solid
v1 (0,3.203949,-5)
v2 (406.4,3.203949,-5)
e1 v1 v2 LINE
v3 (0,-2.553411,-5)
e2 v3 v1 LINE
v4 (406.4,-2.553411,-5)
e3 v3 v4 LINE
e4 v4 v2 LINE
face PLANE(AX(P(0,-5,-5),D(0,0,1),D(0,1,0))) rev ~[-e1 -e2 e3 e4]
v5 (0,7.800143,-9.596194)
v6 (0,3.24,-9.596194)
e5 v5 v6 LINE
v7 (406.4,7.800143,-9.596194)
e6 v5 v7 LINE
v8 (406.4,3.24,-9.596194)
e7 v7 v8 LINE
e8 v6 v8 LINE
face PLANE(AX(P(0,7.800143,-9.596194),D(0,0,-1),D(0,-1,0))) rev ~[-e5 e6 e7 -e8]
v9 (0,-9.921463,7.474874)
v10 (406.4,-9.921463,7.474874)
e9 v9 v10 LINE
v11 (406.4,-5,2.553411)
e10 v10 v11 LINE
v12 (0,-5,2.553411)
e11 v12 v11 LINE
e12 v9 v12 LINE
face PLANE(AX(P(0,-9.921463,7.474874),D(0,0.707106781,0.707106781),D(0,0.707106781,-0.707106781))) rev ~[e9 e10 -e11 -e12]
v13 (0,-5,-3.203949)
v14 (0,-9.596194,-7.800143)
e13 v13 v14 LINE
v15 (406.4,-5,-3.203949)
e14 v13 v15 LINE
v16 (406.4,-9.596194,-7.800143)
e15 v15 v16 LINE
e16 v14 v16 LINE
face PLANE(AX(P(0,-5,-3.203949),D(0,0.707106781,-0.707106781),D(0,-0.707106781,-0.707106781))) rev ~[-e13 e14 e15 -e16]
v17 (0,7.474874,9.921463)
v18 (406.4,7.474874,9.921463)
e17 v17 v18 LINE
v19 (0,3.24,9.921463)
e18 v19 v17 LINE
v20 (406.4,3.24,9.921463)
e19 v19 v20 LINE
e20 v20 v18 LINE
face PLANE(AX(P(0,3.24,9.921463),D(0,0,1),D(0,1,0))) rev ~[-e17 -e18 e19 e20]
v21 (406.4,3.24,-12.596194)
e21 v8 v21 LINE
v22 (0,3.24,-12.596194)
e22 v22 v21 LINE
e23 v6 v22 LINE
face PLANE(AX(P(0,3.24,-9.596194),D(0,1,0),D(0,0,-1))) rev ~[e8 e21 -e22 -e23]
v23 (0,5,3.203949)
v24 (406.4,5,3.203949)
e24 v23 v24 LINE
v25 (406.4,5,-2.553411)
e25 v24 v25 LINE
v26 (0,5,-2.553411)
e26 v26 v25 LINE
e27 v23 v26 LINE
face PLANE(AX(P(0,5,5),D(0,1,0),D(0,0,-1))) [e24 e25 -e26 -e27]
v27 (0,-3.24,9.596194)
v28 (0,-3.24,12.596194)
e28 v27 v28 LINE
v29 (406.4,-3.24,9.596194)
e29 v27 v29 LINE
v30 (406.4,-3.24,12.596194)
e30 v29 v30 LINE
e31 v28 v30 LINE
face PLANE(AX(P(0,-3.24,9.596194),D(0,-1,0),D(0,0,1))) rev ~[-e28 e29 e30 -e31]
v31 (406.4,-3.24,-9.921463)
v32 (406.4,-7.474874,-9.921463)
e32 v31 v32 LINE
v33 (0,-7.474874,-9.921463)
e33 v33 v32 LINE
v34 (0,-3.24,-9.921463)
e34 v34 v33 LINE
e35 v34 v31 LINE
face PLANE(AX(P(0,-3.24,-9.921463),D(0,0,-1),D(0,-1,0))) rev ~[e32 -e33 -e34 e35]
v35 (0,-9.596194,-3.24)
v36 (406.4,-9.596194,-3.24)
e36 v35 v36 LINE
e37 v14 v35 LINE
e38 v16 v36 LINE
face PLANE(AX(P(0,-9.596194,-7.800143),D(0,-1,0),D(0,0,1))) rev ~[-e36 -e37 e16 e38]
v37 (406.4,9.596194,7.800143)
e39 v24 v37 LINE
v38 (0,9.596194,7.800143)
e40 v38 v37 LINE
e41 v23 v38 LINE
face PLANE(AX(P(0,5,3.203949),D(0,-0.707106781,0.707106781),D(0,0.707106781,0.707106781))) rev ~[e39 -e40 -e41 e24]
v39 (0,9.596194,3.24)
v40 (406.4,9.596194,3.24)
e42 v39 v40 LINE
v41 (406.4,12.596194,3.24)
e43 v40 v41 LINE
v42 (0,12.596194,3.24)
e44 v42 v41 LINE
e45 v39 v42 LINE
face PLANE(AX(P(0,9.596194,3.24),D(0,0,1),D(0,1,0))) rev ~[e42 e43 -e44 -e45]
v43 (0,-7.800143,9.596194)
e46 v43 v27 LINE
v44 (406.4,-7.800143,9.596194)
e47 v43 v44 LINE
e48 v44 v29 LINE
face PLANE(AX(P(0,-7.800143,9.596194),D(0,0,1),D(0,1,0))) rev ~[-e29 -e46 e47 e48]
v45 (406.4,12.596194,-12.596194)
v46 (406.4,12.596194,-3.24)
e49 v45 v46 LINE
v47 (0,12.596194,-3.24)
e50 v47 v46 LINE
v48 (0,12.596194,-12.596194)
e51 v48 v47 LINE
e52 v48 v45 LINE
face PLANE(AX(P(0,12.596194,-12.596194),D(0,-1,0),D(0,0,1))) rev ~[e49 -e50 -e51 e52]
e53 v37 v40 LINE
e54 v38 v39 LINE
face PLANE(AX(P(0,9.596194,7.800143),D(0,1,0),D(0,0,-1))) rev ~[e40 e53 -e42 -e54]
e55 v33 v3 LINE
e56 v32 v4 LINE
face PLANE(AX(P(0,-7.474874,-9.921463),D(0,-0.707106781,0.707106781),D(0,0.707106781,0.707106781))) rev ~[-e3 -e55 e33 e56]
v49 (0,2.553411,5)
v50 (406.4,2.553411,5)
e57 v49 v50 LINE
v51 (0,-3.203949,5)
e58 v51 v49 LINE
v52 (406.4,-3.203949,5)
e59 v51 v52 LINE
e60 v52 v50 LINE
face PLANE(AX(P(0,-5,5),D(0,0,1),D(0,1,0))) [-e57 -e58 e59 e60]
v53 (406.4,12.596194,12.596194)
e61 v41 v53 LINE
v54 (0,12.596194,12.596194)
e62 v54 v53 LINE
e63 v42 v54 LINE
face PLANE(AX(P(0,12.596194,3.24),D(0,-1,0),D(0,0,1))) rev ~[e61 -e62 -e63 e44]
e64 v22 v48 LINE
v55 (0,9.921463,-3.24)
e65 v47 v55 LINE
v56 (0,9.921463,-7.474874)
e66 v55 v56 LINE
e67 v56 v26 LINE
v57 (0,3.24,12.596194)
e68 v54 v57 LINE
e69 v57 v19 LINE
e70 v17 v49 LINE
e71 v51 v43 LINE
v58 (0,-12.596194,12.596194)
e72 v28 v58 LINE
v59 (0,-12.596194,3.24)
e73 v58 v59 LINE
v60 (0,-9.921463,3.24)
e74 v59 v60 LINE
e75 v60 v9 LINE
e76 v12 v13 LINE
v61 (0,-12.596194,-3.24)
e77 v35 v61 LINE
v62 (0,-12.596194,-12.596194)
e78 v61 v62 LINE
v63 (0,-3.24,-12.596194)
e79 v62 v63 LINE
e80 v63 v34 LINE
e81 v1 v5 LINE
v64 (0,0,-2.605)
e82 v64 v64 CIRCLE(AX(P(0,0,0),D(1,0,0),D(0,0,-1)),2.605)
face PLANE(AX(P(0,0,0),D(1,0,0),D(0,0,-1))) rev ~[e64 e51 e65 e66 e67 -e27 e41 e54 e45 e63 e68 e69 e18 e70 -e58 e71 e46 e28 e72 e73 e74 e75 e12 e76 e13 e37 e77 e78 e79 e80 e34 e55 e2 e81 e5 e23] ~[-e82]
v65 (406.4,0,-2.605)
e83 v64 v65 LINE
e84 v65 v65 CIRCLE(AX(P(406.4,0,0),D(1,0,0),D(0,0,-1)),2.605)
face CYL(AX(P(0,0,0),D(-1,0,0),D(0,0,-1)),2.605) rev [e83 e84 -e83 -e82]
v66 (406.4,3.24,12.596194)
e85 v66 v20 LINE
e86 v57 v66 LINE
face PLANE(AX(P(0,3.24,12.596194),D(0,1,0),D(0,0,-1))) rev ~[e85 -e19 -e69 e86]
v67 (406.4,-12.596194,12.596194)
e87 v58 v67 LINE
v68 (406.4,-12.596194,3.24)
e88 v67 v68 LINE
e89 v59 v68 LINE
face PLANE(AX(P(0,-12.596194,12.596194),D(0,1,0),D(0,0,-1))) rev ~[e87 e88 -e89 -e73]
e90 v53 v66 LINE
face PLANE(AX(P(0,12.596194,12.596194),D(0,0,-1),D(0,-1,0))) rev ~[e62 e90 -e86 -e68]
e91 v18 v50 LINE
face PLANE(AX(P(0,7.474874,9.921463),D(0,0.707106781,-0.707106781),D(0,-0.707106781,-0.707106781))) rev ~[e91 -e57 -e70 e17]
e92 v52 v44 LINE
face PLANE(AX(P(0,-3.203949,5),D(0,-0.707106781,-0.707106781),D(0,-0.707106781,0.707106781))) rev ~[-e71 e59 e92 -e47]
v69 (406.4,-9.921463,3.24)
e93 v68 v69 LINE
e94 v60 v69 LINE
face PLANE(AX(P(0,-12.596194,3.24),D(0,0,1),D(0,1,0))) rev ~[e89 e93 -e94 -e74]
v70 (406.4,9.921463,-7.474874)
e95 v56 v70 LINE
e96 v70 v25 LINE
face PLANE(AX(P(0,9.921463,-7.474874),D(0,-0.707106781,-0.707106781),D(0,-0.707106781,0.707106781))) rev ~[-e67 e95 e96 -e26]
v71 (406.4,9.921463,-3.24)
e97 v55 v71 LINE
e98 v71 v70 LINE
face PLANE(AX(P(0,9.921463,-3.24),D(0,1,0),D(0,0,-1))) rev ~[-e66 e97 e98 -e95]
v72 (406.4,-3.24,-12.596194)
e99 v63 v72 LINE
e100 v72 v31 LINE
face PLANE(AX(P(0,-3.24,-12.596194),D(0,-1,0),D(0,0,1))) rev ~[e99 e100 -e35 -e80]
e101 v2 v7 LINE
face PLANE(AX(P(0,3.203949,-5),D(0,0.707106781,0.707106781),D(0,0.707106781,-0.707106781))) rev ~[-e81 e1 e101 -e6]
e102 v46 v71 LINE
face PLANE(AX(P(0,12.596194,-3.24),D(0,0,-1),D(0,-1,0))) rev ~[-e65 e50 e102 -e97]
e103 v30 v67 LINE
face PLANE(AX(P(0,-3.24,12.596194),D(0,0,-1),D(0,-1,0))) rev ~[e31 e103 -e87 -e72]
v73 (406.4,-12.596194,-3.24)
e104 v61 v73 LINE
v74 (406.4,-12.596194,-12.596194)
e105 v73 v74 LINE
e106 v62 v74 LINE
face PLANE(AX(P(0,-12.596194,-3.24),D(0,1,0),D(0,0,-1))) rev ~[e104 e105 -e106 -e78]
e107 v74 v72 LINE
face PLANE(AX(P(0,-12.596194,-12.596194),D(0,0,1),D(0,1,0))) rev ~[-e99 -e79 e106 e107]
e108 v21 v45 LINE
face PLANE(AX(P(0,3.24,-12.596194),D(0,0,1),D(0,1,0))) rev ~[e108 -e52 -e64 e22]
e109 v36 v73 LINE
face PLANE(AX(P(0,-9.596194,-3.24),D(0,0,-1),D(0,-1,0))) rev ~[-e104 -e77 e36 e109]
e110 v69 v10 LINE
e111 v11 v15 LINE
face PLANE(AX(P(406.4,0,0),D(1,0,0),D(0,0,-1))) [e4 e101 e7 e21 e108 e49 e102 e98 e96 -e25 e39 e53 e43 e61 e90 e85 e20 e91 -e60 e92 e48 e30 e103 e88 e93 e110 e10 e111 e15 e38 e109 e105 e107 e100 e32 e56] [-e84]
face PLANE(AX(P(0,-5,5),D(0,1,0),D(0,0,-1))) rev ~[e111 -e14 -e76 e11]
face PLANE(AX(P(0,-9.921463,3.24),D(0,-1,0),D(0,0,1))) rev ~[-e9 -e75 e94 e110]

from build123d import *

# Parameters (mm, degrees)
SKETCH1_R           = 2.605
BOSS_EXTRUDE1_DEPTH = 406.4
CIRPATTERN1_COUNT   = 4


with BuildPart() as part:
    # Sketch1 → Boss-Extrude1 (new body)
    with BuildSketch(Plane(origin=(0, 0, 0), x_dir=(0, 0, -1), z_dir=(1, 0, 0))):
        Polygon((5, -5), (5, 3.203948776), (9.596194078, 7.800142853), (9.596194078, 3.24), (12.596194078, 3.24), (12.596194078, 12.596194078), (3.24, 12.596194078), (3.24, 9.921463197), (7.474873734, 9.921463197), (2.553410537, 5), (-5, 5), (-5, -5), align=None)
        Circle(SKETCH1_R, mode=Mode.SUBTRACT)
    boss_extrude1 = extrude(amount=BOSS_EXTRUDE1_DEPTH)

    # CirPattern1: Boss-Extrude1 ×4 about axis
    cirpattern1_axis = Axis((0, 0, 0), (1, 0, 0))
    for i in range(1, CIRPATTERN1_COUNT):
        add(boss_extrude1.rotate(cirpattern1_axis, i * 360 / CIRPATTERN1_COUNT))


solid = part.part
